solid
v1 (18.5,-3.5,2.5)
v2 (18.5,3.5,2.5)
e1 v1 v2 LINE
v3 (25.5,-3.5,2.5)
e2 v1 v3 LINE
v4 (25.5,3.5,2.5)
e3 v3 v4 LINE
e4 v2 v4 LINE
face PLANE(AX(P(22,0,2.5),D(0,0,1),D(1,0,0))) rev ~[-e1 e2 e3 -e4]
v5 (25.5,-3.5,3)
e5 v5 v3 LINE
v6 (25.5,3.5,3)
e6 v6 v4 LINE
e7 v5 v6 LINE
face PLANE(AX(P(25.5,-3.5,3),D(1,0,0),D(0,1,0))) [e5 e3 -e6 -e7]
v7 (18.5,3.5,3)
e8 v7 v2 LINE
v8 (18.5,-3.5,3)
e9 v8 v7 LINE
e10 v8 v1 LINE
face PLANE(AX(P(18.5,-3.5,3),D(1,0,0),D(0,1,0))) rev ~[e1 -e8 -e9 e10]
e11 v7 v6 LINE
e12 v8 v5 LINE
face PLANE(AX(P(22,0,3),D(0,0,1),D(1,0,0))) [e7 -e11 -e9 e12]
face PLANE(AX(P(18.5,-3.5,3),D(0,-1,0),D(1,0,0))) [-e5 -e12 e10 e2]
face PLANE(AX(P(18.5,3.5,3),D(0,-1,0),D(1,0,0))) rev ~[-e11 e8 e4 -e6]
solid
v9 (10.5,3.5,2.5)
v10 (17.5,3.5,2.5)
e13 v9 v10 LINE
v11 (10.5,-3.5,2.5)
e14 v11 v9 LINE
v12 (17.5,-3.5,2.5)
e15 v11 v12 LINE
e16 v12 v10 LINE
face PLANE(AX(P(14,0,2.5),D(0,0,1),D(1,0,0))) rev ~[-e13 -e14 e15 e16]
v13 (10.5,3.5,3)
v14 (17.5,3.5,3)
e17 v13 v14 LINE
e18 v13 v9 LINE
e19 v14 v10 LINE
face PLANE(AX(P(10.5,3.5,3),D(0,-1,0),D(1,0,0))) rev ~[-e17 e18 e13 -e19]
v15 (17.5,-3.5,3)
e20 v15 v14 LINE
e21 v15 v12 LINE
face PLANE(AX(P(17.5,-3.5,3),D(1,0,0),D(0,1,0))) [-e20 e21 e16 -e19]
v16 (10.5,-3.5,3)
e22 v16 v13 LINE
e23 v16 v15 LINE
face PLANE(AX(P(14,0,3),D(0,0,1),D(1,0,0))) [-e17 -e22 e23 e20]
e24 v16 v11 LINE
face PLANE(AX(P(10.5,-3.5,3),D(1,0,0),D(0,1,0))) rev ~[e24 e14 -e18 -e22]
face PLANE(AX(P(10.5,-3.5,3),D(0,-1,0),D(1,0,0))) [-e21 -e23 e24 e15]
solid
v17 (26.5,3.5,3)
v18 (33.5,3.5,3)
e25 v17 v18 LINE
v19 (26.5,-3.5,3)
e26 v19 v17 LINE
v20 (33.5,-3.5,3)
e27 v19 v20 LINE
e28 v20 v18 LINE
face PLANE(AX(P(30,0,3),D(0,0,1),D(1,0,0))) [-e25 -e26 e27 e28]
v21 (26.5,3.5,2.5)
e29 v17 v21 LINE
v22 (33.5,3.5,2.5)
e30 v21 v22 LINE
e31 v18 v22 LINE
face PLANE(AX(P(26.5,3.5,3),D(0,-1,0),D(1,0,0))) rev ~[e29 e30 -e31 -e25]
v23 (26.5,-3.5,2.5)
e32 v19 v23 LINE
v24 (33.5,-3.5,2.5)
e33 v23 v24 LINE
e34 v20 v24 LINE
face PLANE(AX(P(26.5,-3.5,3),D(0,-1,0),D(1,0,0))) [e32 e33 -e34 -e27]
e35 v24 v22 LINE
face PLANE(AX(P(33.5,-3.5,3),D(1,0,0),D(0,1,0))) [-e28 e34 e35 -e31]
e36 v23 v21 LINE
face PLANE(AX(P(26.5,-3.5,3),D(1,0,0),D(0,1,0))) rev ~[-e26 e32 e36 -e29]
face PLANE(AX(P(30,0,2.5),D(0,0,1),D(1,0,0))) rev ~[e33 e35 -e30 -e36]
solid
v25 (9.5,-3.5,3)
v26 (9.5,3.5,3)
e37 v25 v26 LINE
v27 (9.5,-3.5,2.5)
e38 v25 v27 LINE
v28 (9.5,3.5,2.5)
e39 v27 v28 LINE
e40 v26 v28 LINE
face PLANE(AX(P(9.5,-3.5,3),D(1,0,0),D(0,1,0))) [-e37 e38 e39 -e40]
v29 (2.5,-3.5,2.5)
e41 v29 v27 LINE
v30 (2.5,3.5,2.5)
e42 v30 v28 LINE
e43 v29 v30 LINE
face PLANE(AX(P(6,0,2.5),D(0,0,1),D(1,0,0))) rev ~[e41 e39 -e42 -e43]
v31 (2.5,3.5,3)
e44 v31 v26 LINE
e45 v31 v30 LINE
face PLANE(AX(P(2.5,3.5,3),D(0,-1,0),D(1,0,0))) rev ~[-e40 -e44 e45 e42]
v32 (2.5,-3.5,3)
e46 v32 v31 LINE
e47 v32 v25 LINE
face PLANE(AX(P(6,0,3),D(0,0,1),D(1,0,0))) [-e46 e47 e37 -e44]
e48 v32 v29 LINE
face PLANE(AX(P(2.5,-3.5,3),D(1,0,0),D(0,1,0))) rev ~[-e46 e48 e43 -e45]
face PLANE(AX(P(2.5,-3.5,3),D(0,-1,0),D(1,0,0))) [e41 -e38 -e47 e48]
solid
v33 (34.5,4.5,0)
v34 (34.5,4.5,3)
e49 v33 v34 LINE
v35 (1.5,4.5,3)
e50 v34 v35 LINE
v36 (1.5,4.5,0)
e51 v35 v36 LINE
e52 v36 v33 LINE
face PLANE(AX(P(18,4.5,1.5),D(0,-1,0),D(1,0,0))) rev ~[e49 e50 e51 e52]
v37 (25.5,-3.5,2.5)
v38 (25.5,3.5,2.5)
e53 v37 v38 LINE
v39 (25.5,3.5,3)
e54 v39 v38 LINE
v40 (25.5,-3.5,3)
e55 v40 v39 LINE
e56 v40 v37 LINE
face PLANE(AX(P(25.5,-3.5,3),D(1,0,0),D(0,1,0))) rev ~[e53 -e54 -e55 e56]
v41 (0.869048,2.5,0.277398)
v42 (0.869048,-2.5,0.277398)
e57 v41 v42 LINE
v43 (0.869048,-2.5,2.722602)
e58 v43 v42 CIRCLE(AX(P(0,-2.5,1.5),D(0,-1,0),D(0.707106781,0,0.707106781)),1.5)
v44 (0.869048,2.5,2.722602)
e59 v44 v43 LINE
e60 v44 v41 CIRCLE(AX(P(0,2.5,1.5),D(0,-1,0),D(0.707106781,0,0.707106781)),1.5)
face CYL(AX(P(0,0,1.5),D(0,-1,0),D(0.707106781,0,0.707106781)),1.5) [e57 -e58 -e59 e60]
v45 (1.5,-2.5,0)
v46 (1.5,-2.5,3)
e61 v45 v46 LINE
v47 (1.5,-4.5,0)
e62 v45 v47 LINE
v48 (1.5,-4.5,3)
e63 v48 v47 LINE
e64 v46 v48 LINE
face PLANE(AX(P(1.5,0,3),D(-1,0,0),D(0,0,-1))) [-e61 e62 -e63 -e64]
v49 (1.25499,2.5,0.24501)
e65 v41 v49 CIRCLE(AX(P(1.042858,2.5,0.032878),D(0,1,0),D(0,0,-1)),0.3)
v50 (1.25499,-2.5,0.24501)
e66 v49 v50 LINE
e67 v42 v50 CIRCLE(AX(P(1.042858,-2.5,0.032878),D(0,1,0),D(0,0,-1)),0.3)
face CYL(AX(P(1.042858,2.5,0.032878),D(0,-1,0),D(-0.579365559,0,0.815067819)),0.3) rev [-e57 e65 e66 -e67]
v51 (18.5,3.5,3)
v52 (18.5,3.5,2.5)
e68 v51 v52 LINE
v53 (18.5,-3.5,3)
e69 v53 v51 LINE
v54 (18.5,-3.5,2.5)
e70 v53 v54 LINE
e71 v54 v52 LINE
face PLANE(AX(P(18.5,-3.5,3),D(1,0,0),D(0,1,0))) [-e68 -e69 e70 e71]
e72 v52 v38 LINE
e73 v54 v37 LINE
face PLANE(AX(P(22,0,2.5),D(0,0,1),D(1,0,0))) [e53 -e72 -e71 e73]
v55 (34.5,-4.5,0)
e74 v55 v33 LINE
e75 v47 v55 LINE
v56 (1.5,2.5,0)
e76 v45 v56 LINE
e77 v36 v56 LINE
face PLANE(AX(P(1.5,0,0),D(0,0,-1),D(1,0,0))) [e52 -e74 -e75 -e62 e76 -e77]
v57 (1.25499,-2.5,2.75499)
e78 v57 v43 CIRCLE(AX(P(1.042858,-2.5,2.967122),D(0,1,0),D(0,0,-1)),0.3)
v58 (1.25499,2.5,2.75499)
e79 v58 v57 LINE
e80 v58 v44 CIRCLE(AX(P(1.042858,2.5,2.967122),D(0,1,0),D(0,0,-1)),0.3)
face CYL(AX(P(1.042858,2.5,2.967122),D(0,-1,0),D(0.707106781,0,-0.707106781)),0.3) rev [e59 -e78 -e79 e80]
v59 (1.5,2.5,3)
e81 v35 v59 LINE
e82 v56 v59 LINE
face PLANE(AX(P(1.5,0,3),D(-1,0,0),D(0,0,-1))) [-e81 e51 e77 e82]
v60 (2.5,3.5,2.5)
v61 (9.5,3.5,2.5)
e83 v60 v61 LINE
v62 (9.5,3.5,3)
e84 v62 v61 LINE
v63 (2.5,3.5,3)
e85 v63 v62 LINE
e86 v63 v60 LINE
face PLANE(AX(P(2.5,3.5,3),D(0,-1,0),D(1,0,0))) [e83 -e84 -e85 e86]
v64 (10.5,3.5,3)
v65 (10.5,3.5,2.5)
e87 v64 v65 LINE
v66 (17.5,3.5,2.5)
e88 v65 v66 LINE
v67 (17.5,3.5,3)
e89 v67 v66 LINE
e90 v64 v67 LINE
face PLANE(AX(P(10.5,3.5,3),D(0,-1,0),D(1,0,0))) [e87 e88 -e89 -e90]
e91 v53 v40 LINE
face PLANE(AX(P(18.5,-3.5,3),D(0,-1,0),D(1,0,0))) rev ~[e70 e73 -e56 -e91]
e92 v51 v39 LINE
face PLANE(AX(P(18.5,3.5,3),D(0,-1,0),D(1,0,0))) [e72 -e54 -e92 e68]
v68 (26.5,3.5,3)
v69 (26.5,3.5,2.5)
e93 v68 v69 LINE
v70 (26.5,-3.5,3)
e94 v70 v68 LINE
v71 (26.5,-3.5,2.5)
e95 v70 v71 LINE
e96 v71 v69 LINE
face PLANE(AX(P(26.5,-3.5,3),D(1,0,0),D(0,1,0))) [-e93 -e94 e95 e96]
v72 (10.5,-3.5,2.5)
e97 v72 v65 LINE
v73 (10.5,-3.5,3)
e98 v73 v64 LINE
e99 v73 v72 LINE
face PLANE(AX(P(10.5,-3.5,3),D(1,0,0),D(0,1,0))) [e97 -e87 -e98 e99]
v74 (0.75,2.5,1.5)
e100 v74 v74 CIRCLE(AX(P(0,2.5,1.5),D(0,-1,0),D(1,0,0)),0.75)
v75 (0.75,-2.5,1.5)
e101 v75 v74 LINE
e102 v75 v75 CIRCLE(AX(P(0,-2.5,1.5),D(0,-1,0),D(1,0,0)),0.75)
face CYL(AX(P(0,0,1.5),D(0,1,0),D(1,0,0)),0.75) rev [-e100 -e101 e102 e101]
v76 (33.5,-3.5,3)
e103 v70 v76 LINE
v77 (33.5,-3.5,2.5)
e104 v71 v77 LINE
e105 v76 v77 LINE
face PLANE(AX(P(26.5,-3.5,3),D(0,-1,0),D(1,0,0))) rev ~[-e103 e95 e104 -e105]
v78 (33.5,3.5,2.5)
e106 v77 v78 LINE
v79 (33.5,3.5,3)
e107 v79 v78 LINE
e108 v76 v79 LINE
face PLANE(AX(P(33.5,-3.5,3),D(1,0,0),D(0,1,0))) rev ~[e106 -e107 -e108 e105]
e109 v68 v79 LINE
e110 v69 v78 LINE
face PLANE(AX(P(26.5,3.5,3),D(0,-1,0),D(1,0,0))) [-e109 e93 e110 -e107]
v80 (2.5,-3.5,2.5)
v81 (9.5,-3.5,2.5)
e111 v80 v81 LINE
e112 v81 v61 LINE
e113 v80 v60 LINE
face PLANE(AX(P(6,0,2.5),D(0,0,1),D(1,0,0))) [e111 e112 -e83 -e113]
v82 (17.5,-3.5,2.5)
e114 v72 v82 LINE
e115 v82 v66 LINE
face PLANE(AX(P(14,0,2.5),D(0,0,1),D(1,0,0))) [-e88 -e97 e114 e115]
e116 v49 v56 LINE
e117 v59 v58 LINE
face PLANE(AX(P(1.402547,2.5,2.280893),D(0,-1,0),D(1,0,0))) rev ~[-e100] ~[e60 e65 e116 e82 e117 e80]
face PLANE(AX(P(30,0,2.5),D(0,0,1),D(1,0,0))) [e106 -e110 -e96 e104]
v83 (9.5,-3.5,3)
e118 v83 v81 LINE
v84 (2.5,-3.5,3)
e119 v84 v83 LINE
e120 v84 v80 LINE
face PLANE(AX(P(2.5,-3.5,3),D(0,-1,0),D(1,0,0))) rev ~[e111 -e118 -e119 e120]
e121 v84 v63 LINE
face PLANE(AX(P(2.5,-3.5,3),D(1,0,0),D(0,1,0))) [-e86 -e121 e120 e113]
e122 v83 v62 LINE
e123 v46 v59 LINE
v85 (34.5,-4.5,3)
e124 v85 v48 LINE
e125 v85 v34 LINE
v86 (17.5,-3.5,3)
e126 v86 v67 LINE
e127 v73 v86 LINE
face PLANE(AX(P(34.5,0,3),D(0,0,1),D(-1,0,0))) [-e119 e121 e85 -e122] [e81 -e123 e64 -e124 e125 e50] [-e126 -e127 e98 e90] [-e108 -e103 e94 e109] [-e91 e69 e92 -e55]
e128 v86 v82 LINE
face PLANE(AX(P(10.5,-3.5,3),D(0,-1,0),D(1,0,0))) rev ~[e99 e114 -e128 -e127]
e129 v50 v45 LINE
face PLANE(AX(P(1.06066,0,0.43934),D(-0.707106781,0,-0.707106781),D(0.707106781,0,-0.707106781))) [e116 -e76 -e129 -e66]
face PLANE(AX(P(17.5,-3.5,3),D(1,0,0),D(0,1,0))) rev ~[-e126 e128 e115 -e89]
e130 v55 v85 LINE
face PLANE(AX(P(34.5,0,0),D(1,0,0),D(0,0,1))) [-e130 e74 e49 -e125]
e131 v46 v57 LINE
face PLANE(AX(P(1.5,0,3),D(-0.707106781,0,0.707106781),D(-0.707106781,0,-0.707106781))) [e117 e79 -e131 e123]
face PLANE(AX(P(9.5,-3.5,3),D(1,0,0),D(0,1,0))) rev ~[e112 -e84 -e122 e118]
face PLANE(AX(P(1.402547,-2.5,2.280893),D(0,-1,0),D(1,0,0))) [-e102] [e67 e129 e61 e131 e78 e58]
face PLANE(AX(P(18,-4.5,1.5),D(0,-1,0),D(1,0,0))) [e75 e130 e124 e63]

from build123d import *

# Parameters (mm, degrees)
F1_DEPTH = 4.5
F0_R     = 0.75
F2_DEPTH = 2.5
F3_W     = 7
F3_H     = 7
F4_DEPTH = 0.5
F5_DEPTH = 0.5
F6_R     = 0.3


with BuildPart() as f1:
    # F0 (on Front) → F1 (new body, symmetric)
    with BuildSketch(Plane.XZ):
        Polygon((34.5, 3), (1.5, 3), (1.5, 1.5), (1.5, 0), (34.5, 0), align=None)
    extrude(amount=F1_DEPTH, both=True)

    # F0 (on Front) → F2 (join, symmetric)
    with BuildSketch(Plane.XZ):
        with BuildLine():
            Line((1.5, 1.5), (1.5, 3))
            Line((1.5, 3), (1.0606601718, 2.5606601718))
            ThreePointArc((1.0606601718, 2.5606601718), (1.3858192988, 2.0740251485), (1.5, 1.5))
        make_face()
        with BuildLine():
            Line((1.5, 0), (1.5, 1.5))
            ThreePointArc((1.5, 1.5), (1.3858192988, 0.9259748515), (1.0606601718, 0.4393398282))
            Line((1.0606601718, 0.4393398282), (1.5, 0))
        make_face()
        with BuildLine():
            ThreePointArc((1.0606601718, 0.4393398282), (1.3858192988, 0.9259748515), (1.5, 1.5))
            ThreePointArc((1.5, 1.5), (1.3858192988, 2.0740251485), (1.0606601718, 2.5606601718))
            ThreePointArc((1.0606601718, 2.5606601718), (-1.5, 1.5), (1.0606601718, 0.4393398282))
        make_face()
        with Locations((0, 1.5)):
            Circle(F0_R, mode=Mode.SUBTRACT)
    extrude(amount=F2_DEPTH, both=True)

    # F3 (on face) → F4 (cut)
    with BuildSketch(Plane.XY.offset(3)):
        with Locations((30, 0)):
            Rectangle(F3_W, F3_H)
        with Locations((22, 0)):
            Rectangle(F3_W, F3_H)
        with Locations((14, 0)):
            Rectangle(F3_W, F3_H)
        with Locations((6, 0)):
            Rectangle(F3_W, F3_H)
    extrude(amount=-F4_DEPTH, mode=Mode.SUBTRACT)

    # F6
    f6_edges = [f1.edges().sort_by_distance(p)[0] for p in [
        (1.06066, 0, 2.56066),
        (1.06066, 0, 0.43934),
    ]]
    fillet(f6_edges, radius=F6_R)


with BuildPart() as f5:
    # F3 (on face) → F5 (new body)
    with BuildSketch(Plane.XY.offset(3)):
        with Locations((6, 0)):
            Rectangle(F3_W, F3_H)
    extrude(amount=-F5_DEPTH)


with BuildPart() as f5b:
    # F3 (on face) → F5, piece 2 (new body)
    with BuildSketch(Plane.XY.offset(3)):
        with Locations((14, 0)):
            Rectangle(F3_W, F3_H)
    extrude(amount=-F5_DEPTH)


with BuildPart() as f5c:
    # F3 (on face) → F5, piece 3 (new body)
    with BuildSketch(Plane.XY.offset(3)):
        with Locations((22, 0)):
            Rectangle(F3_W, F3_H)
    extrude(amount=-F5_DEPTH)


with BuildPart() as f5d:
    # F3 (on face) → F5, piece 4 (new body)
    with BuildSketch(Plane.XY.offset(3)):
        with Locations((30, 0)):
            Rectangle(F3_W, F3_H)
    extrude(amount=-F5_DEPTH)


solid = Compound([f1.part, f5.part, f5b.part, f5c.part, f5d.part])
